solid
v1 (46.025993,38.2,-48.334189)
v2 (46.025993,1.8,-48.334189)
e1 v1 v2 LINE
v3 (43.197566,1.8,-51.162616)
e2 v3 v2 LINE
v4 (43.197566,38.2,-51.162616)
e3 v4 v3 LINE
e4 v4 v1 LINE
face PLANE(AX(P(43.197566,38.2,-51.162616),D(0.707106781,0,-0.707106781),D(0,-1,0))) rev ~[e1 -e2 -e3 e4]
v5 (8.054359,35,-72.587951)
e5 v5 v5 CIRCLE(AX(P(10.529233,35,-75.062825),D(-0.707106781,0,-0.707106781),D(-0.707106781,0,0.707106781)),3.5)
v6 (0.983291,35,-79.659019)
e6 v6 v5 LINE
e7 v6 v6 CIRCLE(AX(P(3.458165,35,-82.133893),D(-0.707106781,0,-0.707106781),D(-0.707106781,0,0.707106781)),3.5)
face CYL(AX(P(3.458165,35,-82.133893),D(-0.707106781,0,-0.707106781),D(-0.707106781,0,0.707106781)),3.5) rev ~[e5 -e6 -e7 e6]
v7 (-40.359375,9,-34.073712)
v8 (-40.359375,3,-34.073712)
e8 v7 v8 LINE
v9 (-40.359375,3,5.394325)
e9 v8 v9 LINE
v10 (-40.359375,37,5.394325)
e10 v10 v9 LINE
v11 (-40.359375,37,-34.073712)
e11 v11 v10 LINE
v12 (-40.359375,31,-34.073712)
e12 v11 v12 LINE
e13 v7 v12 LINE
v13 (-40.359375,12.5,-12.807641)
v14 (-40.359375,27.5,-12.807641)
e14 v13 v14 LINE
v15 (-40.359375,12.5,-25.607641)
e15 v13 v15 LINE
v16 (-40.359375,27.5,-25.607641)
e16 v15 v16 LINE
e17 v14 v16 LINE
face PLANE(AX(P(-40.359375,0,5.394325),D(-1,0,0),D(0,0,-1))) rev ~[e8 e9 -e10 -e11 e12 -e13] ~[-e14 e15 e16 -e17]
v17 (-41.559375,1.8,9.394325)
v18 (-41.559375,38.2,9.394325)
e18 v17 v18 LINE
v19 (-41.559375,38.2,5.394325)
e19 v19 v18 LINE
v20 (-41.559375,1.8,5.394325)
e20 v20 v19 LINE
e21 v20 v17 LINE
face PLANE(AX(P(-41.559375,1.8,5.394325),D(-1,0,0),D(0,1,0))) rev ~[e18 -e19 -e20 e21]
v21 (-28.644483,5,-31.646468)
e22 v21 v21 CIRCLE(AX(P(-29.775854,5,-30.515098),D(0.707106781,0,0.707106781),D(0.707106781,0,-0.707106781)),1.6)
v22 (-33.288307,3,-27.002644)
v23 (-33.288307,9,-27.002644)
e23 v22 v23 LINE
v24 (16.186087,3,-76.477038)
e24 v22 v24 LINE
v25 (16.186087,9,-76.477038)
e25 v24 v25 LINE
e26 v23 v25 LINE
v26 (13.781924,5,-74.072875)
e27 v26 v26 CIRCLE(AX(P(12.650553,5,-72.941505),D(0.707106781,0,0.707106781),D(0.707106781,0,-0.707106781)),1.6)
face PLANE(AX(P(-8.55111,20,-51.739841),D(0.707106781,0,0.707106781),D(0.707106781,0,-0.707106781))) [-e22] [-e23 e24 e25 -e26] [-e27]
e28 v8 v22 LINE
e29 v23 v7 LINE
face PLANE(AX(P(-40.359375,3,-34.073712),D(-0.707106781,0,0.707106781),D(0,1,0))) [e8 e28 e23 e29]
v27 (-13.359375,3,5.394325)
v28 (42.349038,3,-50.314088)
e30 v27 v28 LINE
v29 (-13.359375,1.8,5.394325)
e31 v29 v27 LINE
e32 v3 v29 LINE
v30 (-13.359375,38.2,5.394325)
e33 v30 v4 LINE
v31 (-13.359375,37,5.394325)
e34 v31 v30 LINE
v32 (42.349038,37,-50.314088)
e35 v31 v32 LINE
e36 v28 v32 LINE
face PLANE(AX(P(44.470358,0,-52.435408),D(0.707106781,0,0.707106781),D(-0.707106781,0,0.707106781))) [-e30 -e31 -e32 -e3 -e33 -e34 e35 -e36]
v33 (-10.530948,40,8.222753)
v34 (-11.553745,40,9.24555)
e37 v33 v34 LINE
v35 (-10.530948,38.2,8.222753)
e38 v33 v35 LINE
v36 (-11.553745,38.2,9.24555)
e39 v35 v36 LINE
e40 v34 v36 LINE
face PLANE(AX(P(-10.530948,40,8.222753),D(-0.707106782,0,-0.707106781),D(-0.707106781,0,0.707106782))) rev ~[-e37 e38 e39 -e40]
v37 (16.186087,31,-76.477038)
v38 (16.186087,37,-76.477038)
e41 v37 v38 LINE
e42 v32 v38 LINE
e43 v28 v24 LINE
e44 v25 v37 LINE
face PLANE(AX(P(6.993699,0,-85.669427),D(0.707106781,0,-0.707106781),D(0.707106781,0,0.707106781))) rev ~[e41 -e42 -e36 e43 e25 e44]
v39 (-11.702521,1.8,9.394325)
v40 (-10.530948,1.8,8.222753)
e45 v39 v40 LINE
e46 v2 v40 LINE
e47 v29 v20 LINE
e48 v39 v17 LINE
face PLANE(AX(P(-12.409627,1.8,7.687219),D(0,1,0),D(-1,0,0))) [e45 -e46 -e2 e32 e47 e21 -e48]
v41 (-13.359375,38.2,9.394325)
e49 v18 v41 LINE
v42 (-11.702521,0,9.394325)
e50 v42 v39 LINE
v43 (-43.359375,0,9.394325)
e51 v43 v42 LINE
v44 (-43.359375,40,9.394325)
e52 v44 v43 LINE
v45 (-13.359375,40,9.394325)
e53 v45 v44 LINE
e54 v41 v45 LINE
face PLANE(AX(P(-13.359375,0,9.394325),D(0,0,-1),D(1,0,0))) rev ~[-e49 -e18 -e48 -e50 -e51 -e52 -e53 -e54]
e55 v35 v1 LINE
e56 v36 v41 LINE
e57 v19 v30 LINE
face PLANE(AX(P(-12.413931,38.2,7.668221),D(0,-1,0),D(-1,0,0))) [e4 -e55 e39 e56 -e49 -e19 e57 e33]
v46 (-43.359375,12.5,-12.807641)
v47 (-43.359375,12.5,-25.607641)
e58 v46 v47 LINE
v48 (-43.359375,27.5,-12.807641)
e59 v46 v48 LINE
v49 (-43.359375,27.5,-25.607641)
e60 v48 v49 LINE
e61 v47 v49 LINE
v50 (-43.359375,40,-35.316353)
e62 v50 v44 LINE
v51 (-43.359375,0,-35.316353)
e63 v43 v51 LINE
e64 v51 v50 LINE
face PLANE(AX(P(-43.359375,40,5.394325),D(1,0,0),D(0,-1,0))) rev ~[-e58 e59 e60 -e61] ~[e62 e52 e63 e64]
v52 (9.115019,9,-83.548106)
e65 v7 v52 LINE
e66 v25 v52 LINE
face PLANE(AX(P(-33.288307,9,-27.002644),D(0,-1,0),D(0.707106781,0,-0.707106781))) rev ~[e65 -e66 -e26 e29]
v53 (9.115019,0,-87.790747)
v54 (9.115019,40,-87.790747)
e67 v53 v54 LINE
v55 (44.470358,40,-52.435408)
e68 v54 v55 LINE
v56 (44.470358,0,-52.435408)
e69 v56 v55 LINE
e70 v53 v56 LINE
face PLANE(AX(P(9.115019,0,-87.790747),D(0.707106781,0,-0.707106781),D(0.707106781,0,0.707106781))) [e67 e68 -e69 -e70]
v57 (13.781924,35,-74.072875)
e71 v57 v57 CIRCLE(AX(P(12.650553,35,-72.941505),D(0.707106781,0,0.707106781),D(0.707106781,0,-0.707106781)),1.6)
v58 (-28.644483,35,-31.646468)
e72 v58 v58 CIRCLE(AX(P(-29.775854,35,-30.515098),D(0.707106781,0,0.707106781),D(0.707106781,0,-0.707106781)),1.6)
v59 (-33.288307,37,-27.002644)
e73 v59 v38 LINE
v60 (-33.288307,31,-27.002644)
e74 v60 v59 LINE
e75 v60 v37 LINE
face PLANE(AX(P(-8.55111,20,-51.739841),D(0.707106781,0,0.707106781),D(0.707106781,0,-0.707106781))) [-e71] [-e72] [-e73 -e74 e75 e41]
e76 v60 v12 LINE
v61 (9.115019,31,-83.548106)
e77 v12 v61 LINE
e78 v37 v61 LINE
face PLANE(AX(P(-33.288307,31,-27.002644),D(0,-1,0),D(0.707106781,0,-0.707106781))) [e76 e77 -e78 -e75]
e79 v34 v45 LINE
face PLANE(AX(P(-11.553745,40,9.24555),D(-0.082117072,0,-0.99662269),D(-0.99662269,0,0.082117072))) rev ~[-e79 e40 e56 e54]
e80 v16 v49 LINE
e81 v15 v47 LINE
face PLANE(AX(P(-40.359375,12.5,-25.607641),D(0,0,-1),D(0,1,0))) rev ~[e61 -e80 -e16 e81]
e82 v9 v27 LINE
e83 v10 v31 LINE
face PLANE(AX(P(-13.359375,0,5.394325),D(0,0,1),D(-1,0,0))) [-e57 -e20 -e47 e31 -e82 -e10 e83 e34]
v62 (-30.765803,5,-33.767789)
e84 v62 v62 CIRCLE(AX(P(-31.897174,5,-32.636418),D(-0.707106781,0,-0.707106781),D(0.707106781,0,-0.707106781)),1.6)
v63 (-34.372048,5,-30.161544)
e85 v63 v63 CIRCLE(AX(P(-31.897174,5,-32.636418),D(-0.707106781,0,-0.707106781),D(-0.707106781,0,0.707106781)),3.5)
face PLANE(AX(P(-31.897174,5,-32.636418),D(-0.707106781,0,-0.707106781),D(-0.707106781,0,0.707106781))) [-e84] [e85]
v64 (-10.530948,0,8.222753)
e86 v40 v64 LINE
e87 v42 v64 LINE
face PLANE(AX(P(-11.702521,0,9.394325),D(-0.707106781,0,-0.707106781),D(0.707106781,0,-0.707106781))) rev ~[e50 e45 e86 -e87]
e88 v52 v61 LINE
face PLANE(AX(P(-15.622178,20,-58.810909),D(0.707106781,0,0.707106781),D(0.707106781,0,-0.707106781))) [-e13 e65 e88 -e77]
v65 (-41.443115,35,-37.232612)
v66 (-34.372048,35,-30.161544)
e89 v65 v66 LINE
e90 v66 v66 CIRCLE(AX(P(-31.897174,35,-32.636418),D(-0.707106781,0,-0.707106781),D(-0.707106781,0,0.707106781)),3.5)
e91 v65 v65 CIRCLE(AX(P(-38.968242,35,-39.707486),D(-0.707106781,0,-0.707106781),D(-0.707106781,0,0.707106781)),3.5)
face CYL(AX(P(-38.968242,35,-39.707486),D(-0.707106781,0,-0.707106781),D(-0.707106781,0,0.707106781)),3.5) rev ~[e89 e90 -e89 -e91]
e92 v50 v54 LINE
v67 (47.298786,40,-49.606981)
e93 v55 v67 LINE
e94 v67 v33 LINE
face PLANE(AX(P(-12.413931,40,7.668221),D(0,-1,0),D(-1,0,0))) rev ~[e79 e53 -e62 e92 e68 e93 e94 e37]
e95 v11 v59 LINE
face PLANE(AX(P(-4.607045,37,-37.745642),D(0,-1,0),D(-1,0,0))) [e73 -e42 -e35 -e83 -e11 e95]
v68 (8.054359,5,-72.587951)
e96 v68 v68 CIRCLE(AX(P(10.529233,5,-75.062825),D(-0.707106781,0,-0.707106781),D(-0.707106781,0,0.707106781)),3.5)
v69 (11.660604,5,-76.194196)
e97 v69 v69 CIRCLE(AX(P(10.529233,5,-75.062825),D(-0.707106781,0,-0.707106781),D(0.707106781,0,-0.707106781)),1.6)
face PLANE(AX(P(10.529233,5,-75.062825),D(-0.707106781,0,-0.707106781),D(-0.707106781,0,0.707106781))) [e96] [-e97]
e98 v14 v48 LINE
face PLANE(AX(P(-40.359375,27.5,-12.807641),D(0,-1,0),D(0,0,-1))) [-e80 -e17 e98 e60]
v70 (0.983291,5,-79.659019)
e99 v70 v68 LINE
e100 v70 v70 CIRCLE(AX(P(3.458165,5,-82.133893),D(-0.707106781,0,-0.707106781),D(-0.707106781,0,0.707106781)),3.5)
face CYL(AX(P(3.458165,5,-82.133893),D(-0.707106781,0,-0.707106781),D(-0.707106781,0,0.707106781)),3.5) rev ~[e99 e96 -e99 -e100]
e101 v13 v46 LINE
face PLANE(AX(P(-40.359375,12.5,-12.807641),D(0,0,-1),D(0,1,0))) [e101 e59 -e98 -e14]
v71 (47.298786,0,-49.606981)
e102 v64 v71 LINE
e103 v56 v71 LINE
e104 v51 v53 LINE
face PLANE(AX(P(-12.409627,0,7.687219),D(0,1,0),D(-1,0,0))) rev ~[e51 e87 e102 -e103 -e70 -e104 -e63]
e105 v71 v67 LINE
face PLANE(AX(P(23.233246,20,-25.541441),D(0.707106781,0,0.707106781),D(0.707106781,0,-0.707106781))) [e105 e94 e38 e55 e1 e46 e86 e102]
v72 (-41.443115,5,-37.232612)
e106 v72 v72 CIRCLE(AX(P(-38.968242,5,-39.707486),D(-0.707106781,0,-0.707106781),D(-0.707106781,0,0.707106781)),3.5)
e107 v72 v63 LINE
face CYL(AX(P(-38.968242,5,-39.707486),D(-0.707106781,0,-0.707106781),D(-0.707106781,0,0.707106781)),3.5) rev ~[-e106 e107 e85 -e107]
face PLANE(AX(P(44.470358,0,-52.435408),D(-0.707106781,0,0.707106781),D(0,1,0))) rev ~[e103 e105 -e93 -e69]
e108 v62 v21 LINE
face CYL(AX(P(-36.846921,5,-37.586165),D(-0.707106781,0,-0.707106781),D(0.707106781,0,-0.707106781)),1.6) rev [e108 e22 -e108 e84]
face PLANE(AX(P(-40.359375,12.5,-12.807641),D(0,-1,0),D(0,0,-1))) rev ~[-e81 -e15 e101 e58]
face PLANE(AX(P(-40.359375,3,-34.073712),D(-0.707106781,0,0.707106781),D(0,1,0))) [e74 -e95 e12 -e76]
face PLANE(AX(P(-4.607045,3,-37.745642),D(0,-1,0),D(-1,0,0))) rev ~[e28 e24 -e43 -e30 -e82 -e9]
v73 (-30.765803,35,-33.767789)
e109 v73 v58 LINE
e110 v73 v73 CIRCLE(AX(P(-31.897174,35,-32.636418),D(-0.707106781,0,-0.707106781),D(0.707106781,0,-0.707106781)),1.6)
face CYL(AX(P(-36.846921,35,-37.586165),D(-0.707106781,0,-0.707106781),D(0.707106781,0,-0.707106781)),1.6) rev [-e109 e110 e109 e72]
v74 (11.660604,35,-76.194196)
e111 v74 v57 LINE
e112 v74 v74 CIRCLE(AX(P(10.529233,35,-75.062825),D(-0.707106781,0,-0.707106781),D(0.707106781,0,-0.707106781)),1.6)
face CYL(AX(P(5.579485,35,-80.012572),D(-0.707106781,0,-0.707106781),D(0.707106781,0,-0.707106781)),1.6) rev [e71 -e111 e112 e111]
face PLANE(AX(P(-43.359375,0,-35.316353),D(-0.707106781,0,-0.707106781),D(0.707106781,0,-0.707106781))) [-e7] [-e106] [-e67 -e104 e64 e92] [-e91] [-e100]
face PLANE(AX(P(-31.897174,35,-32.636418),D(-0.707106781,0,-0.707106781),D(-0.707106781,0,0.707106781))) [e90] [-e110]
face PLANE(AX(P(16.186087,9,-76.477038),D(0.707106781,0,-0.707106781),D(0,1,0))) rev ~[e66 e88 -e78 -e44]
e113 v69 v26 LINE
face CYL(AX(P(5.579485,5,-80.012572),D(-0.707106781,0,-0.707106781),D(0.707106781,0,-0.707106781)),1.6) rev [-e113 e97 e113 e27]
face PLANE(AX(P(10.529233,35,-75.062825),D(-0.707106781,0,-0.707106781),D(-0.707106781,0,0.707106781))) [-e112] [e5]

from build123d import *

# Parameters (mm, degrees)
BOSS_EXTRUDE1_DEPTH = 40
SHELL1_T            = -3
BOSS_EXTRUDE2_DEPTH = 4
BOSS_EXTRUDE3_DEPTH = 4
BOSS_EXTRUDE4_DEPTH = 1.8
BOSS_EXTRUDE5_DEPTH = 1.8
SKETCH10_R          = 1.65
CUT_EXTRUDE6_DEPTH  = 41.105
SKETCH11_W          = 12.8
SKETCH11_H          = 15
CUT_EXTRUDE7_DEPTH  = 3
SKETCH12_W          = 69.967359313
SKETCH12_H          = 34
SKETCH12_R          = 1.6
BOSS_EXTRUDE7_DEPTH = 10
SKETCH13_R          = 3.5
CUT_EXTRUDE9_DEPTH  = 10
SKETCH14_W          = 69.967359313
SKETCH14_H          = 22
CUT_EXTRUDE10_DEPTH = 10


with BuildPart() as part:
    # Sketch1 → Boss-Extrude1 (new body)
    with BuildSketch(Plane(origin=(0, 0, 0), x_dir=(1, 0, 0), z_dir=(0, 1, 0))):
        Polygon((-43.359374855, -5.394325428), (-43.359374855, 35.316352691), (9.115019377, 87.790746923), (44.470358437, 52.435407864), (-13.359374855, -5.394325428), align=None)
    extrude(amount=BOSS_EXTRUDE1_DEPTH)

    # Shell1
    shell1_openings = [part.faces().sort_by_distance(p)[0] for p in [
        (15.555491791, 20, -23.520541218),
        (-28.359374855, 20, 5.394325428),
    ]]
    offset(amount=SHELL1_T, openings=shell1_openings, kind=Kind.INTERSECTION)

    # Sketch6 → Boss-Extrude2 (add)
    with BuildSketch(Plane(origin=(-3.982524714, 0, -3.982524714), x_dir=(0.707106781, 0, -0.707106781), z_dir=(0.707106781, 0, 0.707106781))):
        Polygon((-13.260868642, 38.2), (66.722724487, 38.2), (66.722724487, 1.8), (-13.260868642, 1.8), (-13.260868642, 0), (68.522724487, 0), (68.522724487, 40), (-13.260868642, 40), align=None)
    extrude(amount=BOSS_EXTRUDE2_DEPTH)

    # Sketch7 → Boss-Extrude3 (add)
    with BuildSketch(Plane.XY.offset(5.394325428)):
        Polygon((-13.359374855, 1.8), (-41.559374855, 1.8), (-41.559374855, 38.2), (-13.359374855, 38.2), (-13.359374855, 40), (-43.359374855, 40), (-43.359374855, 0), (-13.359374855, 0), align=None)
    extrude(amount=BOSS_EXTRUDE3_DEPTH)

    # Sketch8 → Boss-Extrude4 (add)
    with BuildSketch(Plane.XZ):
        Polygon((-13.359374855, 9.394325428), (-11.702520605, 9.394325428), (-10.53094773, 8.222752552), (-13.359374855, 5.394325428), align=None)
    extrude(amount=-BOSS_EXTRUDE4_DEPTH)

    # Sketch9 → Boss-Extrude5 (add)
    with BuildSketch(Plane(origin=(0, 40, 0), x_dir=(1, 0, 0), z_dir=(0, 1, 0))):
        Polygon((-13.359374855, -5.394325428), (-10.53094773, -8.222752552), (-11.553745116, -9.245549939), (-13.359374855, -9.394325428), align=None)
    extrude(amount=-BOSS_EXTRUDE5_DEPTH)

    # Sketch10 → Cut-Extrude6 (cut, through all)
    with BuildSketch(Plane(origin=(-37.216543429, 0, -37.216543429), x_dir=(0.707106781, 0, -0.707106781), z_dir=(0.707106781, 0, 0.707106781))):
        with Locations((60.522724487, 35)):
            Circle(SKETCH10_R)
        with Locations((60.522724487, 5)):
            Circle(SKETCH10_R)
        with Locations((0.522724487, 35)):
            Circle(SKETCH10_R)
        with Locations((0.522724487, 5)):
            Circle(SKETCH10_R)
    extrude(amount=-CUT_EXTRUDE6_DEPTH, mode=Mode.SUBTRACT)

    # Sketch11 → Cut-Extrude7 (cut)
    with BuildSketch(Plane(origin=(-40.359374855, 0, 0), x_dir=(0, 0, -1), z_dir=(1, 0, 0))):
        with Locations((19.207640819, 20)):
            Rectangle(SKETCH11_W, SKETCH11_H)
    extrude(amount=-CUT_EXTRUDE7_DEPTH, mode=Mode.SUBTRACT)

    # Sketch12 → Boss-Extrude7 (add)
    with BuildSketch(Plane(origin=(-37.216543429, 0, -37.216543429), x_dir=(0.707106781, 0, -0.707106781), z_dir=(0.707106781, 0, 0.707106781))):
        with Locations((30.539044831, 20)):
            Rectangle(SKETCH12_W, SKETCH12_H)
        with Locations((0.522724487, 35)):
            Circle(SKETCH12_R, mode=Mode.SUBTRACT)
        with Locations((60.522724487, 35)):
            Circle(SKETCH12_R, mode=Mode.SUBTRACT)
        with Locations((60.522724487, 5)):
            Circle(SKETCH12_R, mode=Mode.SUBTRACT)
        with Locations((0.522724487, 5)):
            Circle(SKETCH12_R, mode=Mode.SUBTRACT)
    extrude(amount=BOSS_EXTRUDE7_DEPTH)

    # Sketch13 → Cut-Extrude9 (cut)
    with BuildSketch(Plane(origin=(-39.337863773, 0, -39.337863773), x_dir=(-0.707106781, 0, 0.707106781), z_dir=(-0.707106781, 0, -0.707106781))):
        with Locations((-0.522724487, 35)):
            Circle(SKETCH13_R)
        with Locations((-0.522724487, 5)):
            Circle(SKETCH13_R)
        with Locations((-60.522724487, 5)):
            Circle(SKETCH13_R)
        with Locations((-60.522724487, 35)):
            Circle(SKETCH13_R)
    extrude(amount=-CUT_EXTRUDE9_DEPTH, mode=Mode.SUBTRACT)

    # Sketch14 → Cut-Extrude10 (cut)
    with BuildSketch(Plane(origin=(-30.145475617, 0, -30.145475617), x_dir=(0.707106781, 0, -0.707106781), z_dir=(0.707106781, 0, 0.707106781))):
        with Locations((30.539044831, 20)):
            Rectangle(SKETCH14_W, SKETCH14_H)
    extrude(amount=-CUT_EXTRUDE10_DEPTH, mode=Mode.SUBTRACT)


solid = part.part
